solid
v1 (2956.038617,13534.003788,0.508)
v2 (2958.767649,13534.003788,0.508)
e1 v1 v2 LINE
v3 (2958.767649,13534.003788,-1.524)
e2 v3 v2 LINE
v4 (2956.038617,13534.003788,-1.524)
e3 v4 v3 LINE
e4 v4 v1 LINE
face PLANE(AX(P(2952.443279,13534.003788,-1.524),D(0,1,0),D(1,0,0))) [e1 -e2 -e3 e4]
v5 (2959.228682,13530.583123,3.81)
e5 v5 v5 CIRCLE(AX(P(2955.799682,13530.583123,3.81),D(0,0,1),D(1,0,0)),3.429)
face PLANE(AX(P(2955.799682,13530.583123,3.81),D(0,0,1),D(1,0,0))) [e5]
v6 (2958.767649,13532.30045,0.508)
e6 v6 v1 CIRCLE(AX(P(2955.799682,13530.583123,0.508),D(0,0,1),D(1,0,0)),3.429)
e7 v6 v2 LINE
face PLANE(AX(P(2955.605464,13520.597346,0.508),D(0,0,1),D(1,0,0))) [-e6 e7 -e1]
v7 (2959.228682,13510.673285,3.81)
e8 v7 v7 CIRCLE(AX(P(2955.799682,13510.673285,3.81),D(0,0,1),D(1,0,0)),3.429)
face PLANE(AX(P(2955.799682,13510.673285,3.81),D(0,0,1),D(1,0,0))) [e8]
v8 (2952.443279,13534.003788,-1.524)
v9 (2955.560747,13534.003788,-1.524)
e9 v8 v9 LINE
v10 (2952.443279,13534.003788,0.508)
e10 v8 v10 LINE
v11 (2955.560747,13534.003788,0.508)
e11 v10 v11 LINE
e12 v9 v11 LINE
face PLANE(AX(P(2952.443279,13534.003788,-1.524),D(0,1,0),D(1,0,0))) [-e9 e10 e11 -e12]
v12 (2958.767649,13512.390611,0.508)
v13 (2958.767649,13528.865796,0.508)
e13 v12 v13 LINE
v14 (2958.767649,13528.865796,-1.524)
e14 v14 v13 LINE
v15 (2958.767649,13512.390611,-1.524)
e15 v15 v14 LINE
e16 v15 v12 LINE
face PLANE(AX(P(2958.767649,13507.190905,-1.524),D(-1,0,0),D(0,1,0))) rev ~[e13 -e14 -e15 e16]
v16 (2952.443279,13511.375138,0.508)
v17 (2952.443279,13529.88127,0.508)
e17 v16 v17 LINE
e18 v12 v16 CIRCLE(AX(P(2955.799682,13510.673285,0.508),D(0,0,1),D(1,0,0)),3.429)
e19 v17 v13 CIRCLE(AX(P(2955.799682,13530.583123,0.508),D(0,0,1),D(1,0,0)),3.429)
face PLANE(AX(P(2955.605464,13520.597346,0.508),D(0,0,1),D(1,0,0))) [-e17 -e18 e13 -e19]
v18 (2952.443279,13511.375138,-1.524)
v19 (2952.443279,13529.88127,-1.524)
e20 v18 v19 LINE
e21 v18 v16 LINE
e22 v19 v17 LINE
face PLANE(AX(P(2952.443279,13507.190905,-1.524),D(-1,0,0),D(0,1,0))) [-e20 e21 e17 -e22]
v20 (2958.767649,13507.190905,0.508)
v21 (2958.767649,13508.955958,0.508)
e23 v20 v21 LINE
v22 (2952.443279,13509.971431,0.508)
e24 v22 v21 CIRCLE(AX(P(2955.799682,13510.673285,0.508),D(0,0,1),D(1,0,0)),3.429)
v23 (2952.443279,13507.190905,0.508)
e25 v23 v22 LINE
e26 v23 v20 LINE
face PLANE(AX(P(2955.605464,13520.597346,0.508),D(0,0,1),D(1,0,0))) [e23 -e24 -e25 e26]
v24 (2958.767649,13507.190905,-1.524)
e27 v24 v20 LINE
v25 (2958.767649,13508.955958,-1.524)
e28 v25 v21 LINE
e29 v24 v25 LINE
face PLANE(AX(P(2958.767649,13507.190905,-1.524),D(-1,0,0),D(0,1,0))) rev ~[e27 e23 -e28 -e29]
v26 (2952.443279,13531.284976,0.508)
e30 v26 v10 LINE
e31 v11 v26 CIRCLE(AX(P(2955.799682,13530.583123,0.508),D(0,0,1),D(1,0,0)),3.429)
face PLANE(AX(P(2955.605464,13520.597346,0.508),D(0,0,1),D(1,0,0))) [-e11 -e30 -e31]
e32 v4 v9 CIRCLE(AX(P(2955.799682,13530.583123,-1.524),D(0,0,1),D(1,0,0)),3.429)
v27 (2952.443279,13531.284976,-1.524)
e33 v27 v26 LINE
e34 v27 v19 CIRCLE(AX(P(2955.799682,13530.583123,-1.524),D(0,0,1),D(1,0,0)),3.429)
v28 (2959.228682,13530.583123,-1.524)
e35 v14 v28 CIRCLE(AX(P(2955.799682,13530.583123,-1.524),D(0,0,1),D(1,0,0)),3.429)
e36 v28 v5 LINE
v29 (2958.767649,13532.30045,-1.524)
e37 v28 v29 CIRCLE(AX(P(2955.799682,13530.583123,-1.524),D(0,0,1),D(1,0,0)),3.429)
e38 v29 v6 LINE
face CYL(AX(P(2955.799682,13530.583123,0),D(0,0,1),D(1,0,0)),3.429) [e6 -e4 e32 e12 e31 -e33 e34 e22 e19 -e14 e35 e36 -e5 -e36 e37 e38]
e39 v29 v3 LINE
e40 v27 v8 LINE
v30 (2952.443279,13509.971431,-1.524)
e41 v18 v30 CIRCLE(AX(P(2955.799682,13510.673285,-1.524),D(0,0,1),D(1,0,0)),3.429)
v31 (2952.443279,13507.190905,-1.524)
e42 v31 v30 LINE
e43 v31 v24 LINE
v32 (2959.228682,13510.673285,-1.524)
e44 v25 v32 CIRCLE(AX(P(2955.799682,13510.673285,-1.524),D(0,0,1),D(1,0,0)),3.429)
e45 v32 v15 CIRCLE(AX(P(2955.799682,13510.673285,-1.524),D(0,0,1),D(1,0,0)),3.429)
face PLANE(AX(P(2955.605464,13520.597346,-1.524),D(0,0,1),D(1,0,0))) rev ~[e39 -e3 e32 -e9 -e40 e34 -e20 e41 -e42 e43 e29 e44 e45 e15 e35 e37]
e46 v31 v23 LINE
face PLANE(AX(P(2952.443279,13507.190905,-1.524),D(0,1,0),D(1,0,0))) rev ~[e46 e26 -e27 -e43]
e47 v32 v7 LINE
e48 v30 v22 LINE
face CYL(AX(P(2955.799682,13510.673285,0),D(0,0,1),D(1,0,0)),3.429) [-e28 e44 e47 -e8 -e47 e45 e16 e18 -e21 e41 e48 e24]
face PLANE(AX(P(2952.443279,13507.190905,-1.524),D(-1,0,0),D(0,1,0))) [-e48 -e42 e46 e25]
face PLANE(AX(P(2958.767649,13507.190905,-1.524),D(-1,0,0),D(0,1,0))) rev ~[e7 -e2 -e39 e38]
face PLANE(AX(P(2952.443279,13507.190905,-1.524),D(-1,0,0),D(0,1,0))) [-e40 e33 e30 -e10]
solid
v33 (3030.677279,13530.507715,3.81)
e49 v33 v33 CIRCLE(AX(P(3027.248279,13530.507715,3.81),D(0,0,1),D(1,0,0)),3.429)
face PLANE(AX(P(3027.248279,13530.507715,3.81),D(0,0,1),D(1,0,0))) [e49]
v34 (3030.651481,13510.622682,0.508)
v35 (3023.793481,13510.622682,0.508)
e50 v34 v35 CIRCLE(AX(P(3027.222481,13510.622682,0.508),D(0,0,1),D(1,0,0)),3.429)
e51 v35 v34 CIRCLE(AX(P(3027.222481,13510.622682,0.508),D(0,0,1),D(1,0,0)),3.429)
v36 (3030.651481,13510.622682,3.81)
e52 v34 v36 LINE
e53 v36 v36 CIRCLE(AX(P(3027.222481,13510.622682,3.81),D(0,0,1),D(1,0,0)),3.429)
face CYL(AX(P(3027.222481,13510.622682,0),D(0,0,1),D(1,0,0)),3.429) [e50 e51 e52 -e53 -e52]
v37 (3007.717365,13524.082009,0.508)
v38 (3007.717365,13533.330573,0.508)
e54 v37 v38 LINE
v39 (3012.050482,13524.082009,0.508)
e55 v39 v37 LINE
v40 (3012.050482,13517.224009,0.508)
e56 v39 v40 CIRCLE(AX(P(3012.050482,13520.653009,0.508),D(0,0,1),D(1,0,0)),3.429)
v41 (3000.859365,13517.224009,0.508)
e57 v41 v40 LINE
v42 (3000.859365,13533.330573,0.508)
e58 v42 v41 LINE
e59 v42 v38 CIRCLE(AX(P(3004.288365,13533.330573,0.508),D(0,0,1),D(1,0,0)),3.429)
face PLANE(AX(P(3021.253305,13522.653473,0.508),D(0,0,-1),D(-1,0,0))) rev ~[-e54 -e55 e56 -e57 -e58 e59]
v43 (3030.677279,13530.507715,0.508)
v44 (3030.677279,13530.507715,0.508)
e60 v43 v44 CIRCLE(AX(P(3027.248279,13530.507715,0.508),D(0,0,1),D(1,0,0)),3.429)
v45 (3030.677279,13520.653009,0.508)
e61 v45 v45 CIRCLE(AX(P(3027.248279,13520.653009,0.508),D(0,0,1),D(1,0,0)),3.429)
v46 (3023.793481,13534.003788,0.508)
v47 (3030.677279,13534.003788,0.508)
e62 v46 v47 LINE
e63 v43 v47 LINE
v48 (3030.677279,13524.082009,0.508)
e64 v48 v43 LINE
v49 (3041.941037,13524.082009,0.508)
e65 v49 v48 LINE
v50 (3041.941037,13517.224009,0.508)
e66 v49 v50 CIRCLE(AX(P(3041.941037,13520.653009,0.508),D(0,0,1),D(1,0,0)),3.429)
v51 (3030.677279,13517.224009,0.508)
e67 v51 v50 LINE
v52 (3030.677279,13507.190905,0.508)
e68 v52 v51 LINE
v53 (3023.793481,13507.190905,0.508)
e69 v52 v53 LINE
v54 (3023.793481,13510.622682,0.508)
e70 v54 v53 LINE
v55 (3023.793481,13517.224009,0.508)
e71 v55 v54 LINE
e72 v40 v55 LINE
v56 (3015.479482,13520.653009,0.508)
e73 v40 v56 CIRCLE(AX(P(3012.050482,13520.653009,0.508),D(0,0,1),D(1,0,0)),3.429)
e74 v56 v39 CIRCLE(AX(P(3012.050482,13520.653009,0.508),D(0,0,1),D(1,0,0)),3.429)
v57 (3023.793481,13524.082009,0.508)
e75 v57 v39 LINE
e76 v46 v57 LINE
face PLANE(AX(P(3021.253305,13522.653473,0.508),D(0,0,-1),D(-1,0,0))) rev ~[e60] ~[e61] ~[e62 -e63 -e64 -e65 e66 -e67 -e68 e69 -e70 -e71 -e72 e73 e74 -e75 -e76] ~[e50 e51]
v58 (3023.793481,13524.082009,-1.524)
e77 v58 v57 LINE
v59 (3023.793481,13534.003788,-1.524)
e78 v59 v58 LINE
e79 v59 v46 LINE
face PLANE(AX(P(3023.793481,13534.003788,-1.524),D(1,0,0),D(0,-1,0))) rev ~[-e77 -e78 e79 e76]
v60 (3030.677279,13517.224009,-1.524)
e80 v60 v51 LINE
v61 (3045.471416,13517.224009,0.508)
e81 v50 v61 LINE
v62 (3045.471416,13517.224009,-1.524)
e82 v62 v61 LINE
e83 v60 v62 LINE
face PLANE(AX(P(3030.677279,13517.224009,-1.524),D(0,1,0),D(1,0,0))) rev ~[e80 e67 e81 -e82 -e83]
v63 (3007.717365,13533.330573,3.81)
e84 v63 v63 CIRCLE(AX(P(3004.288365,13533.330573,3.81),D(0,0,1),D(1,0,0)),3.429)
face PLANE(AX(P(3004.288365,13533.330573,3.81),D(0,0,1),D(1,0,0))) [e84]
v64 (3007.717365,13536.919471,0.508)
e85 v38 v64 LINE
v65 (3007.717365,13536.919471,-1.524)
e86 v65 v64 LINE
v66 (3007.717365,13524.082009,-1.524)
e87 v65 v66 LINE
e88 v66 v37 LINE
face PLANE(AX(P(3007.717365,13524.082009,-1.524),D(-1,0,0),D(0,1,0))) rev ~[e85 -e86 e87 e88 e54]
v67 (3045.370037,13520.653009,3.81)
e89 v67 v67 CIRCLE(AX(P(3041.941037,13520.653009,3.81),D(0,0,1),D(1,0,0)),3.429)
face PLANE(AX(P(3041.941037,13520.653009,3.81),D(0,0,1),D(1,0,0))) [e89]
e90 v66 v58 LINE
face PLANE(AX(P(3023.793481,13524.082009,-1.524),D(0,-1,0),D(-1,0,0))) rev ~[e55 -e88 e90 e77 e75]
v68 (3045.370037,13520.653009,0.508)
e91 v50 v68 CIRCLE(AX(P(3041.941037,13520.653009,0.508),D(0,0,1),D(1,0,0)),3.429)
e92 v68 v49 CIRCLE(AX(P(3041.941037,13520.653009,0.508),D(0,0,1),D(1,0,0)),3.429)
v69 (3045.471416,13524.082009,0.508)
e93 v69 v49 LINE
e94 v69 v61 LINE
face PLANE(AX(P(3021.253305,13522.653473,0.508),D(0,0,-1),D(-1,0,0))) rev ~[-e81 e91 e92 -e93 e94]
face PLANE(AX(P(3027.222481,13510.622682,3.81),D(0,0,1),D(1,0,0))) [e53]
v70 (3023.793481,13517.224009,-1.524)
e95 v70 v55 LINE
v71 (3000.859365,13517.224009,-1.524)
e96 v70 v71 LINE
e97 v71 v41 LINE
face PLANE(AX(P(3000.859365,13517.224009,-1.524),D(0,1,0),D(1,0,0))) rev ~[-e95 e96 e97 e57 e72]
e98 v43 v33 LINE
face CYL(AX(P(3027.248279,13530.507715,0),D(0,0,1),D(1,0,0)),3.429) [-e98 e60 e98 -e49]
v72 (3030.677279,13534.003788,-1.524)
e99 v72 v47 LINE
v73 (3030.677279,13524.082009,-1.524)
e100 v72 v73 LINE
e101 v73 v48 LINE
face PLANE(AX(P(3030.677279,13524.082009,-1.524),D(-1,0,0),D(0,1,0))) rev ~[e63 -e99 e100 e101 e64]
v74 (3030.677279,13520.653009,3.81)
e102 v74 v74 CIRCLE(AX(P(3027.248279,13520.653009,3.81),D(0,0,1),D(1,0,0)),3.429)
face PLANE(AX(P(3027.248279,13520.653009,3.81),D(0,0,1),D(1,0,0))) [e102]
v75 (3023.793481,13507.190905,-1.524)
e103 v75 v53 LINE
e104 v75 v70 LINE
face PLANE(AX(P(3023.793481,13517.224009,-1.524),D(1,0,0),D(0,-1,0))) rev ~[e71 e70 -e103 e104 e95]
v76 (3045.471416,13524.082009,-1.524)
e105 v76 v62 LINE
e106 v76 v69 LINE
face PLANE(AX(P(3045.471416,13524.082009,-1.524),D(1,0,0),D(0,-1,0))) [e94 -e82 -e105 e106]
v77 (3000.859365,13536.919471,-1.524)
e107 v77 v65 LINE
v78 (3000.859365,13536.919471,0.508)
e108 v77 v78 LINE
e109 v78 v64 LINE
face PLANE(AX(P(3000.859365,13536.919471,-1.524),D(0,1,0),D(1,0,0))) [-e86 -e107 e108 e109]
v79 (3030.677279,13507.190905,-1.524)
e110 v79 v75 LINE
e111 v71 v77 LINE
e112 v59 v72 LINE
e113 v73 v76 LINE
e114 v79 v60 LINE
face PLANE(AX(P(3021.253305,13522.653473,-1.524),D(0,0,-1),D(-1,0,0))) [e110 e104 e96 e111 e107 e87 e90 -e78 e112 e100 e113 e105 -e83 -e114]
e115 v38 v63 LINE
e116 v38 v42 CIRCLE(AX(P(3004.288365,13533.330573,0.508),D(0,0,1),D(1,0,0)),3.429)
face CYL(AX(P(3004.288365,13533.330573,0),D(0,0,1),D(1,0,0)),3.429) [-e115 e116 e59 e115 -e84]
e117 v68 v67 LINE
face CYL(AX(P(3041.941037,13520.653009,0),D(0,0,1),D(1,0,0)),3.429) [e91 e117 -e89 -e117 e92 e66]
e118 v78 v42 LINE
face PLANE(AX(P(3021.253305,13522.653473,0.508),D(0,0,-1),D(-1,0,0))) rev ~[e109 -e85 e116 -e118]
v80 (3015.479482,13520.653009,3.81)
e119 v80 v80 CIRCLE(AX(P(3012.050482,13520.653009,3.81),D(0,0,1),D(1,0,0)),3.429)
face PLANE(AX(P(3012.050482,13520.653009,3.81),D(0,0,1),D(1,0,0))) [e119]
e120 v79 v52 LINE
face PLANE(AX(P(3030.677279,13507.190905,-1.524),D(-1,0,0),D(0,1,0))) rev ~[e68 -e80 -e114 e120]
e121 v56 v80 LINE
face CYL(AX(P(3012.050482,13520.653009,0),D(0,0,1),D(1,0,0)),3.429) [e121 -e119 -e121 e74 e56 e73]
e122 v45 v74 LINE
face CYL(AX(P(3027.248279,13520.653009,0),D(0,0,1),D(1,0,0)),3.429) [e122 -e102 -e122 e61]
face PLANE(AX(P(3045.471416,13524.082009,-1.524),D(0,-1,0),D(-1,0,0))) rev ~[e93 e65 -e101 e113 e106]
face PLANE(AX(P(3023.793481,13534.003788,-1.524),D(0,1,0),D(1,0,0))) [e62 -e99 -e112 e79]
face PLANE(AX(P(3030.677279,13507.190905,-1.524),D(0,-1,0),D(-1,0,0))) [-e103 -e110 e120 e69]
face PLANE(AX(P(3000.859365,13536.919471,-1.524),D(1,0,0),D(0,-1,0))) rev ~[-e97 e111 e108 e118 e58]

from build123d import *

# Parameters (mm, degrees)
SKETCH1_R                  = 3.429
BOSS_EXTRUDE1_DEPTH        = 3.81
BOSS_EXTRUDE1_DEPTH_BACK   = 1.524
BOSS_EXTRUDE1_2_DEPTH      = 3.81
BOSS_EXTRUDE1_2_DEPTH_BACK = 1.524
BOSS_EXTRUDE1_3_DEPTH      = 3.81
BOSS_EXTRUDE1_3_DEPTH_BACK = 1.524
BOSS_EXTRUDE1_4_DEPTH      = 3.81
BOSS_EXTRUDE1_4_DEPTH_BACK = 1.524
BOSS_EXTRUDE1_5_DEPTH      = 3.81
BOSS_EXTRUDE1_5_DEPTH_BACK = 1.524
BOSS_EXTRUDE1_6_DEPTH      = 3.81
BOSS_EXTRUDE1_6_DEPTH_BACK = 1.524
BOSS_EXTRUDE1_7_DEPTH      = 3.81
BOSS_EXTRUDE1_7_DEPTH_BACK = 1.524
BOSS_EXTRUDE1_8_DEPTH      = 3.81
BOSS_EXTRUDE1_8_DEPTH_BACK = 1.524
SKETCH2_W                  = 6.324370589
SKETCH2_H                  = 26.812883823
BOSS_EXTRUDE2_DEPTH        = 2.032


with BuildPart() as part:
    # Sketch1 → Boss-Extrude1 (new body, two sides)
    with BuildSketch(Plane.XY) as boss_extrude1_sk:
        with Locations((3027.248279136, 13530.507714547)):
            Circle(SKETCH1_R)
    extrude(amount=BOSS_EXTRUDE1_DEPTH)
    extrude(boss_extrude1_sk.sketch, amount=-BOSS_EXTRUDE1_DEPTH_BACK)



with BuildPart() as body_2:
    # Sketch1 → Boss-Extrude1 2 (new body, two sides)
    with BuildSketch(Plane.XY) as boss_extrude1_2_sk:
        with Locations((3027.248279136, 13520.653009344)):
            Circle(SKETCH1_R)
    extrude(amount=BOSS_EXTRUDE1_2_DEPTH)
    extrude(boss_extrude1_2_sk.sketch, amount=-BOSS_EXTRUDE1_2_DEPTH_BACK)


with BuildPart() as body_3:
    # Sketch1 → Boss-Extrude1 3 (new body, two sides)
    with BuildSketch(Plane.XY) as boss_extrude1_3_sk:
        with Locations((3027.222481478, 13510.622681626)):
            Circle(SKETCH1_R)
    extrude(amount=BOSS_EXTRUDE1_3_DEPTH)
    extrude(boss_extrude1_3_sk.sketch, amount=-BOSS_EXTRUDE1_3_DEPTH_BACK)


with BuildPart() as body_4:
    # Sketch1 → Boss-Extrude1 4 (new body, two sides)
    with BuildSketch(Plane.XY) as boss_extrude1_4_sk:
        with Locations((3041.941037356, 13520.653009344)):
            Circle(SKETCH1_R)
    extrude(amount=BOSS_EXTRUDE1_4_DEPTH)
    extrude(boss_extrude1_4_sk.sketch, amount=-BOSS_EXTRUDE1_4_DEPTH_BACK)


with BuildPart() as body_5:
    # Sketch1 → Boss-Extrude1 5 (new body, two sides)
    with BuildSketch(Plane.XY) as boss_extrude1_5_sk:
        with Locations((3012.050482156, 13520.653009344)):
            Circle(SKETCH1_R)
    extrude(amount=BOSS_EXTRUDE1_5_DEPTH)
    extrude(boss_extrude1_5_sk.sketch, amount=-BOSS_EXTRUDE1_5_DEPTH_BACK)


with BuildPart() as body_6:
    # Sketch1 → Boss-Extrude1 6 (new body, two sides)
    with BuildSketch(Plane.XY) as boss_extrude1_6_sk:
        with Locations((3004.288365233, 13533.330572833)):
            Circle(SKETCH1_R)
    extrude(amount=BOSS_EXTRUDE1_6_DEPTH)
    extrude(boss_extrude1_6_sk.sketch, amount=-BOSS_EXTRUDE1_6_DEPTH_BACK)


with BuildPart() as body_7:
    # Sketch1 → Boss-Extrude1 7 (new body, two sides)
    with BuildSketch(Plane.XY) as boss_extrude1_7_sk:
        with Locations((2955.799681977, 13530.583123085)):
            Circle(SKETCH1_R)
    extrude(amount=BOSS_EXTRUDE1_7_DEPTH)
    extrude(boss_extrude1_7_sk.sketch, amount=-BOSS_EXTRUDE1_7_DEPTH_BACK)


with BuildPart() as body_8:
    # Sketch1 → Boss-Extrude1 8 (new body, two sides)
    with BuildSketch(Plane.XY) as boss_extrude1_8_sk:
        with Locations((2955.799681977, 13510.673284723)):
            Circle(SKETCH1_R)
    extrude(amount=BOSS_EXTRUDE1_8_DEPTH)
    extrude(boss_extrude1_8_sk.sketch, amount=-BOSS_EXTRUDE1_8_DEPTH_BACK)


with BuildPart() as part_1:
    add(part.part)

    add(body_2.part)  # Boss-Extrude2 merges body 2

    add(body_3.part)  # Boss-Extrude2 merges body 3

    add(body_4.part)  # Boss-Extrude2 merges body 4

    add(body_5.part)  # Boss-Extrude2 merges body 5

    add(body_6.part)  # Boss-Extrude2 merges body 6

    add(body_7.part)  # Boss-Extrude2 merges body 7

    add(body_8.part)  # Boss-Extrude2 merges body 8
    # Sketch2 → Boss-Extrude2 (add)
    with BuildSketch(Plane.XY.offset(-1.524)):
        Polygon((3030.677279136, 13517.224009344), (3030.677279136, 13510.622681626), (3030.677279136, 13507.190904571), (3023.793481478, 13507.190904571), (3023.793481478, 13510.622681626), (3023.793481478, 13517.224009344), (3012.050482156, 13517.224009344), (3007.717365233, 13517.224009344), (3000.859365233, 13517.224009344), (3000.859365233, 13533.330572833), (3000.859365233, 13536.919471065), (3007.717365233, 13536.919471065), (3007.717365233, 13533.330572833), (3007.717365233, 13524.082009344), (3012.050482156, 13524.082009344), (3023.793481478, 13524.082009344), (3023.793481478, 13530.507714547), (3023.793481478, 13534.003788394), (3030.677279136, 13534.003788394), (3030.677279136, 13530.507714547), (3030.677279136, 13524.082009344), (3041.941037356, 13524.082009344), (3045.471415541, 13524.082009344), (3045.471415541, 13517.224009344), (3041.941037356, 13517.224009344), align=None)
        with Locations((2955.605463986, 13520.597346483)):
            Rectangle(SKETCH2_W, SKETCH2_H)
    extrude(amount=BOSS_EXTRUDE2_DEPTH)


solid = part_1.part
